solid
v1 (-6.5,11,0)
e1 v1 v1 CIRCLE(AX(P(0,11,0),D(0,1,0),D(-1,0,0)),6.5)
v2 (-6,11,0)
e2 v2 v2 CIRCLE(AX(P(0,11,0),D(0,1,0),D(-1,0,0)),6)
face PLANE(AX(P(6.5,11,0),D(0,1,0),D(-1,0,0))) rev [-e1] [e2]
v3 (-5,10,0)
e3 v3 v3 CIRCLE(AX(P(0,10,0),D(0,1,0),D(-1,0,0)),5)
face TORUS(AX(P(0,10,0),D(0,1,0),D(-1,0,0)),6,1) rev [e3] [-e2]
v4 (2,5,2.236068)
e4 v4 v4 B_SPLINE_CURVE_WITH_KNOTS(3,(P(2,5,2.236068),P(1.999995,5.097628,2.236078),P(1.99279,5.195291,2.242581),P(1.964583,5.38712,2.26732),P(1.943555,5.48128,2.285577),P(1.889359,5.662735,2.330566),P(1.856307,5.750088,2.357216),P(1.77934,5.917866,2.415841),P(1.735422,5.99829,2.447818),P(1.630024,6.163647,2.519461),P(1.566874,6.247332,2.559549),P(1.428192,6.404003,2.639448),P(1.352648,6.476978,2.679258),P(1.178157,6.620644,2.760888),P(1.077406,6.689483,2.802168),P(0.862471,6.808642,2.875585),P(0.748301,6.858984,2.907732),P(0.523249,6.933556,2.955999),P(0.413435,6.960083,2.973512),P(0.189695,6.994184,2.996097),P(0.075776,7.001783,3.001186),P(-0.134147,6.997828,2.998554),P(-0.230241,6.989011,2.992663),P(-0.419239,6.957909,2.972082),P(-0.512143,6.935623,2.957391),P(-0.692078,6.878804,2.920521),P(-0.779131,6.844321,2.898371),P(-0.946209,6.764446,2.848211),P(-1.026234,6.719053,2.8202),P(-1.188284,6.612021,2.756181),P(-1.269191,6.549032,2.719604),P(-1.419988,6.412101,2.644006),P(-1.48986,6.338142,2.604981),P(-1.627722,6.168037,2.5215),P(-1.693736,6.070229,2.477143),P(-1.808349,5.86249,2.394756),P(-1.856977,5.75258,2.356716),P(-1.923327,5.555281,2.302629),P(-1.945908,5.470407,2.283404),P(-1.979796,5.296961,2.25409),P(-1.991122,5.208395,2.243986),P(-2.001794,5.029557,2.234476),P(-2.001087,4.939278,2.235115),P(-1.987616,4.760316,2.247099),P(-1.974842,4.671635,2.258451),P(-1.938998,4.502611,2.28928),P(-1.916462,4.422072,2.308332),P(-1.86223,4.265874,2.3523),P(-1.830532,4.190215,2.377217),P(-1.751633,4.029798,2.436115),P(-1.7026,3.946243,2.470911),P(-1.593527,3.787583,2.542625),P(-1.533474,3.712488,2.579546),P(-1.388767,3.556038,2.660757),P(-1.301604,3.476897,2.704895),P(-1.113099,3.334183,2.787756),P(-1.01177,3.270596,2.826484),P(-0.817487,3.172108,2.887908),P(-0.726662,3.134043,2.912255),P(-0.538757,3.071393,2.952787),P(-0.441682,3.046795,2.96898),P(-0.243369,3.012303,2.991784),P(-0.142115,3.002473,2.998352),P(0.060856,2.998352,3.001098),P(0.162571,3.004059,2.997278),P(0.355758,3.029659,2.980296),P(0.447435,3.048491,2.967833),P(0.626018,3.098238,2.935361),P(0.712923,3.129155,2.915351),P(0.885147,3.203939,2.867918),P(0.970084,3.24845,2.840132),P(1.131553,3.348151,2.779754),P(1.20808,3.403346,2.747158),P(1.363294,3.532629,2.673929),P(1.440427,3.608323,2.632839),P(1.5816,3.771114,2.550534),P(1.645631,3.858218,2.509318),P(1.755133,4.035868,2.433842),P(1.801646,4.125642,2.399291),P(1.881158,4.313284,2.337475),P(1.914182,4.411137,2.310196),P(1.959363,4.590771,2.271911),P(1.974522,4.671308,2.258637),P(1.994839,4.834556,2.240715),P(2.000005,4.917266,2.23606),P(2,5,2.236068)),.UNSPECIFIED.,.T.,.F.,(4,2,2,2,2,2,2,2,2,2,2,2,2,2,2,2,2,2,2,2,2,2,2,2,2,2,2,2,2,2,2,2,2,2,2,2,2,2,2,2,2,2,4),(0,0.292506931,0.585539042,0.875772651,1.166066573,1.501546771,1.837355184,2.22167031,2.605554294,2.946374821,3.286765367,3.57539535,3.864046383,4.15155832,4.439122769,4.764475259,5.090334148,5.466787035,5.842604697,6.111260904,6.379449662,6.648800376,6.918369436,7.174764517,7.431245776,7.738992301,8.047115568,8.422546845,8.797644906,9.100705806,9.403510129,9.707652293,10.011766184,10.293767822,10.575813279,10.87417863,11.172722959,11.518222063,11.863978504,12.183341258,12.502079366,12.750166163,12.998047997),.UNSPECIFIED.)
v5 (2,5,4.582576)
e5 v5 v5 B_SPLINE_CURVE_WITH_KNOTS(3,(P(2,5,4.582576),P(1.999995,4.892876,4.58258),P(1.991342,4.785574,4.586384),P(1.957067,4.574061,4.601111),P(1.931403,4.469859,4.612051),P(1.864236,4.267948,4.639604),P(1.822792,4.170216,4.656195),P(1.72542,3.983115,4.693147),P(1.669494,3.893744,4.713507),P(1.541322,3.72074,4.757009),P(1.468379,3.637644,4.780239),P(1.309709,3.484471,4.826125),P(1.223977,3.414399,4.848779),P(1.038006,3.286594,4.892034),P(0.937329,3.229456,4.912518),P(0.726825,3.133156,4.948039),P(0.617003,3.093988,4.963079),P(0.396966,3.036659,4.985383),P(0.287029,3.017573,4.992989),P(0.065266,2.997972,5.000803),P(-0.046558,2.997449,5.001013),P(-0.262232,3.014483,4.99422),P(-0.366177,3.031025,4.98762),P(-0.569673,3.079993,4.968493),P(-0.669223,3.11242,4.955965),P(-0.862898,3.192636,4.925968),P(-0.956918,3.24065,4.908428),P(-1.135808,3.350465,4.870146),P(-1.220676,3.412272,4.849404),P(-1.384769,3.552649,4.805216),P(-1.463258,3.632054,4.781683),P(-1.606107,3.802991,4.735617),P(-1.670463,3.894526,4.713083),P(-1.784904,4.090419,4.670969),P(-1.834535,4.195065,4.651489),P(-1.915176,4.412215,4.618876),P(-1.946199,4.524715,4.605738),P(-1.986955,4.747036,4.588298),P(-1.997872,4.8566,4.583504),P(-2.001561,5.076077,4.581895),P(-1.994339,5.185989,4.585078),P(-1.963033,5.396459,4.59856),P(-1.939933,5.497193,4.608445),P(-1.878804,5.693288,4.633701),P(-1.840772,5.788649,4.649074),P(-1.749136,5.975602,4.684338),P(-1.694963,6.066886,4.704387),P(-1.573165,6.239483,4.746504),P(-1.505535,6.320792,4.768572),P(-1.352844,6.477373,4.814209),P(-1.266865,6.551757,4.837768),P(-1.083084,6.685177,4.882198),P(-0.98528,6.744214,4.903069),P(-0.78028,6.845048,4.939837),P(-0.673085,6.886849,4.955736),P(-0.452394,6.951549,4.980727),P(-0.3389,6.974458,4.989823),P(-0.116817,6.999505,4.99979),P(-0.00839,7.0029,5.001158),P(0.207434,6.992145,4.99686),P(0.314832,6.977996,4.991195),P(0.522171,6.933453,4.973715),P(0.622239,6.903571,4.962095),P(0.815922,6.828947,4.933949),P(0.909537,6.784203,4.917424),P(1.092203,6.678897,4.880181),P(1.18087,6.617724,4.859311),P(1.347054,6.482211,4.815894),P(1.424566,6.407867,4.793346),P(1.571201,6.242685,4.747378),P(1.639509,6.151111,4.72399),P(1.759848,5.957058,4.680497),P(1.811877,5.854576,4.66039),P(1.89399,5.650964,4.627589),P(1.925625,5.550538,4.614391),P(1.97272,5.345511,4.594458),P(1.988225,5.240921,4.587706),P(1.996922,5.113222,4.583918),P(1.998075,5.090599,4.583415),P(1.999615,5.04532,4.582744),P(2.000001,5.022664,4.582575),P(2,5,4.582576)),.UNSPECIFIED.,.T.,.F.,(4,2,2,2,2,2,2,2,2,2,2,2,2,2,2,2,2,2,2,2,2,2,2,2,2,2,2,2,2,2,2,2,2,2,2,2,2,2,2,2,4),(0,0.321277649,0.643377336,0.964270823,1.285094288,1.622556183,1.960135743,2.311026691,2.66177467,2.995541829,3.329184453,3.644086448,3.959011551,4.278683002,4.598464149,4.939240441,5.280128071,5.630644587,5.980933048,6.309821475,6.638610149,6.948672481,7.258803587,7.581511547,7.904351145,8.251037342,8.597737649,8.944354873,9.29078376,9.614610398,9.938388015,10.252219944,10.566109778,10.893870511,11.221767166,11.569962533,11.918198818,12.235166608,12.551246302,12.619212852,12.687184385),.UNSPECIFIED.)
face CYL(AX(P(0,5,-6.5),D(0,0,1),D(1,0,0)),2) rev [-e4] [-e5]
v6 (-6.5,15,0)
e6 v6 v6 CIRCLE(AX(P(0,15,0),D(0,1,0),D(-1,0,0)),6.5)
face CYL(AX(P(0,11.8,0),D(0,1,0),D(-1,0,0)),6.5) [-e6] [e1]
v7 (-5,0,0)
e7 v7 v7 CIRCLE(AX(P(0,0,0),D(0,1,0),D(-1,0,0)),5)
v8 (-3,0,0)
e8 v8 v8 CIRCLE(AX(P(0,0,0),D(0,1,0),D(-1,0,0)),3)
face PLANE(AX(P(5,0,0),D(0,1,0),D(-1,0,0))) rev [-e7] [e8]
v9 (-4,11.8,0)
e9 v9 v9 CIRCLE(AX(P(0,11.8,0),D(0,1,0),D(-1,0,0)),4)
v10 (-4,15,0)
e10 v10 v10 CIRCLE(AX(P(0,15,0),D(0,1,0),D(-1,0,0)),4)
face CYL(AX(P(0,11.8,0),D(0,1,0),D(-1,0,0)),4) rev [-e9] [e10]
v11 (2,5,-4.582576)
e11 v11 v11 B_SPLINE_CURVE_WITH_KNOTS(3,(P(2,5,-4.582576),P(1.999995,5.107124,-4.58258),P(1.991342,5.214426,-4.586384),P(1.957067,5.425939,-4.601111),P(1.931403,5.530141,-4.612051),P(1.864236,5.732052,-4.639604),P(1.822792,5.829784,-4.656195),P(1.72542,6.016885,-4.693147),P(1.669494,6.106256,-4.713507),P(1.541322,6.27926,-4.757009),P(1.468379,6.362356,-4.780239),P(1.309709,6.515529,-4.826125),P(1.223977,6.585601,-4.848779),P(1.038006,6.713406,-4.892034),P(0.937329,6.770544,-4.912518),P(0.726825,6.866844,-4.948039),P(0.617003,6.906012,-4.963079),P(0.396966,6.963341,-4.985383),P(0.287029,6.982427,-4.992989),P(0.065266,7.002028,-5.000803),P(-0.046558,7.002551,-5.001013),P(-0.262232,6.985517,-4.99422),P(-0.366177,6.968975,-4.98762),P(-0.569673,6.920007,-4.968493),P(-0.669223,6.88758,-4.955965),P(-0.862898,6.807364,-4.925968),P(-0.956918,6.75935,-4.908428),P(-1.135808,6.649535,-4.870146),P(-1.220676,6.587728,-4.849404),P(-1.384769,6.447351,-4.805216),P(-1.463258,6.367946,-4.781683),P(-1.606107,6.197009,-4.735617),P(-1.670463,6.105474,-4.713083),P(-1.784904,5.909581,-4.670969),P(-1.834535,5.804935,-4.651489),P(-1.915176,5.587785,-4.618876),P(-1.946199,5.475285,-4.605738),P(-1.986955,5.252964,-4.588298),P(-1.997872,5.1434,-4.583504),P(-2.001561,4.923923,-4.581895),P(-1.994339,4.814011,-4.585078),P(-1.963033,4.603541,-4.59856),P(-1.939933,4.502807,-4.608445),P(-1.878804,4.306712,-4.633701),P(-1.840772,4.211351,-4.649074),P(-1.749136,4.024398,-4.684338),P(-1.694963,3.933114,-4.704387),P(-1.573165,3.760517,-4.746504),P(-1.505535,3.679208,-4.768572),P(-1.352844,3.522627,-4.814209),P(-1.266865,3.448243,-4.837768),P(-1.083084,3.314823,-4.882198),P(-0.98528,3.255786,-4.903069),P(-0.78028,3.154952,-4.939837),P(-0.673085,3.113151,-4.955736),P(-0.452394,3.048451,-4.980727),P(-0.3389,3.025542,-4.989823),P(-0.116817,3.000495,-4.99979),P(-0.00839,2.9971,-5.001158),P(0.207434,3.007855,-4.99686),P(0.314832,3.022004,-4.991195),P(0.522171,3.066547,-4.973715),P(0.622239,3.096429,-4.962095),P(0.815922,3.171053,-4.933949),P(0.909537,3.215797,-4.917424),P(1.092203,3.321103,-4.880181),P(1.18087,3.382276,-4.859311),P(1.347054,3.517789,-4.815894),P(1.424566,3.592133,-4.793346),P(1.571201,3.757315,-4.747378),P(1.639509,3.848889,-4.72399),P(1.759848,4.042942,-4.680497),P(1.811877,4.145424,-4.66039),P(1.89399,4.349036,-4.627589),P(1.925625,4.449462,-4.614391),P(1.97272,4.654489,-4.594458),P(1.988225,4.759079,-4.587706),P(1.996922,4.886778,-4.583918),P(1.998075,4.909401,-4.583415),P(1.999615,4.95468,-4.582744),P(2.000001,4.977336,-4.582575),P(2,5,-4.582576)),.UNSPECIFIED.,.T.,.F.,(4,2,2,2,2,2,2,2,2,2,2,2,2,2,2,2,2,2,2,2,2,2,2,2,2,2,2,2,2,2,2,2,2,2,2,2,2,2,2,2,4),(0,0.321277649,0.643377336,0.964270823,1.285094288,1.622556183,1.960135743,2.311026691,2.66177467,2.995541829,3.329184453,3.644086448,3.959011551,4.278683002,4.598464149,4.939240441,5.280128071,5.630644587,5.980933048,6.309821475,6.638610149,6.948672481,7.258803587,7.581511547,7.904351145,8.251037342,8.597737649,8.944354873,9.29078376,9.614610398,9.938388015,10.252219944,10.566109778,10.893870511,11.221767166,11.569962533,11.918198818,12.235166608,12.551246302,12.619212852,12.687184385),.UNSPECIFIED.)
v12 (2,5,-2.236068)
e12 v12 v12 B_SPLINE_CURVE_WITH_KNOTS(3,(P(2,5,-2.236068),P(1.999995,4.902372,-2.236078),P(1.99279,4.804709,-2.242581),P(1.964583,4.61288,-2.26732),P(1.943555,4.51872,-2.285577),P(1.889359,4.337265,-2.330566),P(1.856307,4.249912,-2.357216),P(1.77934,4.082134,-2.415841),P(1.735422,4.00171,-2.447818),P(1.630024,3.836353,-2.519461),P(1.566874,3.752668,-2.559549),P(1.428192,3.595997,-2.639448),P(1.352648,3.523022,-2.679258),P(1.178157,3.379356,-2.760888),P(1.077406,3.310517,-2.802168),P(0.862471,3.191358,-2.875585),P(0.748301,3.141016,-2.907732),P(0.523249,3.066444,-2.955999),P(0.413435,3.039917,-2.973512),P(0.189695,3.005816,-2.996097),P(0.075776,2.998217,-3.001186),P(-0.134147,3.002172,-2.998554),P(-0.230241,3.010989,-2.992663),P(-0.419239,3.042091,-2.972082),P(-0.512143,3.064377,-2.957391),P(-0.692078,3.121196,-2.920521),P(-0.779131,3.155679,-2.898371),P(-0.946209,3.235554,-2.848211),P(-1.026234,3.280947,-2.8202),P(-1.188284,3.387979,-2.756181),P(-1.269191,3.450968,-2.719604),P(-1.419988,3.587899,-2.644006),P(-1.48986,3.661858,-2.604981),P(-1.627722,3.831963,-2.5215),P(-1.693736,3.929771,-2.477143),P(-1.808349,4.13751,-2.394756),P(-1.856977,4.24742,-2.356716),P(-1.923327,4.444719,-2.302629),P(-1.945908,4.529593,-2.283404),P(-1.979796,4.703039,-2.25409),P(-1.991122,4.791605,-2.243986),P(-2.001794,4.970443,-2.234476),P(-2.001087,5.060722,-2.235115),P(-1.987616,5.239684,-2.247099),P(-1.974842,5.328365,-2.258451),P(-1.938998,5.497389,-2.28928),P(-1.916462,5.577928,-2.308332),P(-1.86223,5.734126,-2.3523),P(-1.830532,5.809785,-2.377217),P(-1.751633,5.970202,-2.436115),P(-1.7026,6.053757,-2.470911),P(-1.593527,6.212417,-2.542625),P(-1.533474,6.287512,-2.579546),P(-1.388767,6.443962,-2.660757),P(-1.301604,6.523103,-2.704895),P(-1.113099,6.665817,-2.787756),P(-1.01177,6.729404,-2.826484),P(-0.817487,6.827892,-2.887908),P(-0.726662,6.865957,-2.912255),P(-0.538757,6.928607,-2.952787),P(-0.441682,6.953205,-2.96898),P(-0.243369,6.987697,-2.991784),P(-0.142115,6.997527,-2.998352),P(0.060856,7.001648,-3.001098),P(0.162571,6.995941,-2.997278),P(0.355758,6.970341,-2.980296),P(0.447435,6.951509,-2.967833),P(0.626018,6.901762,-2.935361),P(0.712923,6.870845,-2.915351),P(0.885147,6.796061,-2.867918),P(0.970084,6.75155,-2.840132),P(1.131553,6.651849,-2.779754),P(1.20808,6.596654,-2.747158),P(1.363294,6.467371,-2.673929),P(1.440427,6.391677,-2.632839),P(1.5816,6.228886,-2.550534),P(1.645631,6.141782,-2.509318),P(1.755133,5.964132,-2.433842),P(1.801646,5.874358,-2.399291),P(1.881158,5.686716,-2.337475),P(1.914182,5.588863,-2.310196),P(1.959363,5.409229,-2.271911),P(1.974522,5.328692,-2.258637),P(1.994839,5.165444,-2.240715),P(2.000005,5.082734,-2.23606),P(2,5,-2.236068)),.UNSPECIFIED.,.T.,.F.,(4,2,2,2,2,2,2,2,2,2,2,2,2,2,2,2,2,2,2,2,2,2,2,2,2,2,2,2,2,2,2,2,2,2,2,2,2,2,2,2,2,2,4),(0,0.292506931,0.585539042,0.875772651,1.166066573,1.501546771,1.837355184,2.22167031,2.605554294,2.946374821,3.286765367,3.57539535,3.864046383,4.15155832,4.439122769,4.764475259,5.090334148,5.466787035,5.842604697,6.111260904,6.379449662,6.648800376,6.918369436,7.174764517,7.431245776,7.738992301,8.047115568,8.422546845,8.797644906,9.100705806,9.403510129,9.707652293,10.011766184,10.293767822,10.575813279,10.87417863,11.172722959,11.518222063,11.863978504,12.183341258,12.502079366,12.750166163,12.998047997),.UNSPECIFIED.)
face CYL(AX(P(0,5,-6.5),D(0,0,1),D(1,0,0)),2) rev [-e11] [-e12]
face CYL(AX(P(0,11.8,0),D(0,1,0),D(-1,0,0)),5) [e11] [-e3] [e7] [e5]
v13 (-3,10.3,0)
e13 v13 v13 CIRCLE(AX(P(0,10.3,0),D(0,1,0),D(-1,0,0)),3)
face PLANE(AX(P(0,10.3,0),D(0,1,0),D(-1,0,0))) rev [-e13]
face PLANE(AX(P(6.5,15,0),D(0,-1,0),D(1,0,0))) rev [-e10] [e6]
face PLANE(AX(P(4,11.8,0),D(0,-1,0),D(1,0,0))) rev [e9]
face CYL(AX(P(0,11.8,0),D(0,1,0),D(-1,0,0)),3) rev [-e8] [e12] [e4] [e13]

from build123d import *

# Parameters (mm, degrees)
CUT_EXTRUDE_1_DEPTH      = 18.592612086
CUT_EXTRUDE_1_DEPTH_BACK = 18.592612086
SKETCH_2_R               = 2


with BuildPart() as part:
    # 草图1 → 旋转1 (revolve)
    with BuildSketch(Plane.XY, mode=Mode.PRIVATE) as revolve_1_sk:
        with BuildLine():
            Line((6.5, 11), (6.5, 15))
            Line((6.5, 15), (4, 15))
            Line((4, 15), (4, 11.8))
            Line((4, 11.8), (0, 11.8))
            Line((0, 11.8), (0, 10.3))
            Line((0, 10.3), (3, 10.3))
            Line((3, 10.3), (3, 0))
            Line((3, 0), (5, 0))
            Line((5, 0), (5, 10))
            ThreePointArc((5, 10), (5.292893219, 10.707106781), (6, 11))
            Line((6, 11), (6.5, 11))
        make_face()
    revolve(revolve_1_sk.sketch.rotate(Axis((0, 11.8, 0), (0, -1, 0)), 180), axis=Axis((0, 11.8, 0), (0, -1, 0)))

    # 草图2 → 切除-拉伸1 (cut, two sides: drawn at the far end of the back side and taken through both)
    with BuildSketch(Plane.XY.offset(-CUT_EXTRUDE_1_DEPTH_BACK)):
        with Locations((0, 5)):
            Circle(SKETCH_2_R)
    extrude(amount=CUT_EXTRUDE_1_DEPTH + CUT_EXTRUDE_1_DEPTH_BACK, mode=Mode.SUBTRACT)


solid = part.part
